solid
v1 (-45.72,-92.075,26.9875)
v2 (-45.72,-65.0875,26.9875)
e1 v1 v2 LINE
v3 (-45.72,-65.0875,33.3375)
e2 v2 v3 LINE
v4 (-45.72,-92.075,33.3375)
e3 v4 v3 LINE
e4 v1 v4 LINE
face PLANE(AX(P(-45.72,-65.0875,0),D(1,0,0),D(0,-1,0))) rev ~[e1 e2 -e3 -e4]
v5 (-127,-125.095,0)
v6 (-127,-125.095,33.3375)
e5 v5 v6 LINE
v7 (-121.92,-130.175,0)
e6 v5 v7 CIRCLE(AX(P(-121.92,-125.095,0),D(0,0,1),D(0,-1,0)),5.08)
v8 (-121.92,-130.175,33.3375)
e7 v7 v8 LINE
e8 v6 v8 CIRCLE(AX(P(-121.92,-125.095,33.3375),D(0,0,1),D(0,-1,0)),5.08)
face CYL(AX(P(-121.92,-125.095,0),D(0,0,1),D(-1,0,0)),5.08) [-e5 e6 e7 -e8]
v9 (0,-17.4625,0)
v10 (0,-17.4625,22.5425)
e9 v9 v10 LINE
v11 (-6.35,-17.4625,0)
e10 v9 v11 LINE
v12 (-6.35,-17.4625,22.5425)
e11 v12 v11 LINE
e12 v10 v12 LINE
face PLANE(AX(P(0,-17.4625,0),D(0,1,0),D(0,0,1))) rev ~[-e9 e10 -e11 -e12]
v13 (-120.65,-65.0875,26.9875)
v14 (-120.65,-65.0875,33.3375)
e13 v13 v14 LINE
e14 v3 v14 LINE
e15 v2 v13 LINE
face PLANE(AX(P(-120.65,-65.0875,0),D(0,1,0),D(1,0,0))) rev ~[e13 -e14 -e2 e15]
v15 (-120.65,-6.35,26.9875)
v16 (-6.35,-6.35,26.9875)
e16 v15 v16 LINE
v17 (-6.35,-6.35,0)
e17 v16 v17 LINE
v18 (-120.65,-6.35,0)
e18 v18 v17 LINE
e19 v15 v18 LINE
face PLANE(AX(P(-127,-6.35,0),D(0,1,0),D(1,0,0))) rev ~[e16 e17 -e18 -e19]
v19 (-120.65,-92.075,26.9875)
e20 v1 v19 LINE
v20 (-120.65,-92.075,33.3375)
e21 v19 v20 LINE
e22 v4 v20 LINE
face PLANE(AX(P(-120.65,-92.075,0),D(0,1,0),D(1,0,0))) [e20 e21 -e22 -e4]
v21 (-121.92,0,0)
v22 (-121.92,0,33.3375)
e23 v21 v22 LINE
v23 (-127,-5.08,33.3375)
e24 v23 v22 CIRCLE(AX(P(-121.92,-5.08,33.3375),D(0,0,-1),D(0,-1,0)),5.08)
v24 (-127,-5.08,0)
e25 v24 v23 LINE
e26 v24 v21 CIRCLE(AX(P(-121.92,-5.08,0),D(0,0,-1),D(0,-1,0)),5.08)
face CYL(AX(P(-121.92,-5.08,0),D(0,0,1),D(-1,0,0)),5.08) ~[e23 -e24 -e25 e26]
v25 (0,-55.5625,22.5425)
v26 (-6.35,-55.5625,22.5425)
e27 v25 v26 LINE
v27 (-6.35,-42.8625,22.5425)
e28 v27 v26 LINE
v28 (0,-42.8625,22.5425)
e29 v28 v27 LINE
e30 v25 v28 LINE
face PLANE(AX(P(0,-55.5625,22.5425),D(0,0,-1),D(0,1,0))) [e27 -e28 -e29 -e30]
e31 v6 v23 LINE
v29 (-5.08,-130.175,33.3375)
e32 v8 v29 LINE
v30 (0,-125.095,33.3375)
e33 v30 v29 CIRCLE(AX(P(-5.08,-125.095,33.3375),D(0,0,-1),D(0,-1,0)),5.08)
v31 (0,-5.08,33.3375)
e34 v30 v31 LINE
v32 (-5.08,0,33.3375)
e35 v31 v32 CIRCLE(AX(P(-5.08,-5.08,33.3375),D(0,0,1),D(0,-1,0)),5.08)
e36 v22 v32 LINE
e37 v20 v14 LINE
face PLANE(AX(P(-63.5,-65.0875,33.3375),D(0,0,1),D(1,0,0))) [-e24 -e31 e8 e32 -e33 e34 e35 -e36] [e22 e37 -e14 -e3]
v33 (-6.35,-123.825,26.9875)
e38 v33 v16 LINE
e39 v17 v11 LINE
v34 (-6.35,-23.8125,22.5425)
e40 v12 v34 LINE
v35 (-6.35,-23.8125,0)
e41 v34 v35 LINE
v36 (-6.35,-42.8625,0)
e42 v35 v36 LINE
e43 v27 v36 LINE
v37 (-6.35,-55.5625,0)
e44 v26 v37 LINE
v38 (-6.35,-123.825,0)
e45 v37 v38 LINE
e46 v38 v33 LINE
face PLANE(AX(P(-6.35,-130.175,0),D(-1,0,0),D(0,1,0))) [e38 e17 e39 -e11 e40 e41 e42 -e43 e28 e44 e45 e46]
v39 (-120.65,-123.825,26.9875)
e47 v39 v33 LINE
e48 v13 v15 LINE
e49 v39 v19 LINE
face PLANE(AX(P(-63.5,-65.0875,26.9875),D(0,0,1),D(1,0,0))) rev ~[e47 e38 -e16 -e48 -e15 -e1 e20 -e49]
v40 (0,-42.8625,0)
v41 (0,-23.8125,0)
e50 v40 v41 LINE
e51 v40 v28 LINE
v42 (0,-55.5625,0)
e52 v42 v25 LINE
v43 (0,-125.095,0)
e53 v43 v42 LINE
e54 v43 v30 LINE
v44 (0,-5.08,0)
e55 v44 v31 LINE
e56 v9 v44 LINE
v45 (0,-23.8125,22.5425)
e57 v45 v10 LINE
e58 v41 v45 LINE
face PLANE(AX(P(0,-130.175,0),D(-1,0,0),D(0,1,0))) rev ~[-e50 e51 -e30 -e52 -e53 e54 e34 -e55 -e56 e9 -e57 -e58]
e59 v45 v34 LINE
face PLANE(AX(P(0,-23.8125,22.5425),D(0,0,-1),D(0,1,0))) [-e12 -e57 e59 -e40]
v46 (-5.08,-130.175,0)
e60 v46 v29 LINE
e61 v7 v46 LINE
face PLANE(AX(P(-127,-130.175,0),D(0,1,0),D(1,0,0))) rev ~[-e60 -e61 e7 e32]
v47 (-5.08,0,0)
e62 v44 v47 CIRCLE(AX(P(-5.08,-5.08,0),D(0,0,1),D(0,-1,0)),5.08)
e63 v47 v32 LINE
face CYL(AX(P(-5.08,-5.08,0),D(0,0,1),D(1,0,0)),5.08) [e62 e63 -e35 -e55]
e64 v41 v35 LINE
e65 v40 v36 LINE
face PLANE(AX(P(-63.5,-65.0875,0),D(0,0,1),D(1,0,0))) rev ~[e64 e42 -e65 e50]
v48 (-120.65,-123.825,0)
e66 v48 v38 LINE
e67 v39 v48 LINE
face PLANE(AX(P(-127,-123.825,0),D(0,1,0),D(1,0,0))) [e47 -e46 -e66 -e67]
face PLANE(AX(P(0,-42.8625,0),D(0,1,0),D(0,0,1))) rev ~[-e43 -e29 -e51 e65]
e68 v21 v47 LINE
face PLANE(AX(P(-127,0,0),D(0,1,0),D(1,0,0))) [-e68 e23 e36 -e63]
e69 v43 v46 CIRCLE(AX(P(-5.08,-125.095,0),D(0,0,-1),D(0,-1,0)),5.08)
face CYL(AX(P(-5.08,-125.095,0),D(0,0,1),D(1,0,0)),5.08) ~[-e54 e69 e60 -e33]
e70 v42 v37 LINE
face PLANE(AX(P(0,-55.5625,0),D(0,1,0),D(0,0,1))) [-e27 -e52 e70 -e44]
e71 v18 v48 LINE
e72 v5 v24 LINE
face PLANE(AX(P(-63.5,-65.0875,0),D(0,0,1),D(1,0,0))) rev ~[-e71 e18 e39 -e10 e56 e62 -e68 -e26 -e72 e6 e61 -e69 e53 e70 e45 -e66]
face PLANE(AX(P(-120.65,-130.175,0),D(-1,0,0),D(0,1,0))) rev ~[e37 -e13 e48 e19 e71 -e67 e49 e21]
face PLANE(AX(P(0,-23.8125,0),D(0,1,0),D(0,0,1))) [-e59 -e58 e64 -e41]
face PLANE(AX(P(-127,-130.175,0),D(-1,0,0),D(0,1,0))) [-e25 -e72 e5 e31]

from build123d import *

# Parameters (mm, degrees)
F0_W     = 127
F0_H     = 130.175
F1_DEPTH = 33.3375
F2_T     = -6.35
F3_W     = 74.93
F3_H     = 26.9875
F4_DEPTH = 35.052
F5_W     = 12.7
F5_H     = 8.6501294995
F5_W_2   = 6.35
F6_DEPTH = 25.4
F7_R     = 5.08
F5_H_2   = 22.5425
F8_DEPTH = 25.4


with BuildPart() as f1:
    # F0 (on Top) → F1 (new body)
    with BuildSketch(Plane.XY):
        with Locations((-63.5, -65.0875)):
            Rectangle(F0_W, F0_H)
    extrude(amount=F1_DEPTH)

    # F2
    f2_openings = [f1.faces().sort_by_distance(p)[0] for p in [
        (-63.5, -65.0875, 0),
    ]]
    offset(amount=F2_T, openings=f2_openings)

    # F3 (on face) → F4 (cut)
    with BuildSketch(Plane(origin=(0, 0, 0), x_dir=(1, 0, 0), z_dir=(0, 0, -1))):
        with Locations((-83.185, 78.58125)):
            Rectangle(F3_W, F3_H)
    extrude(amount=-F4_DEPTH, mode=Mode.SUBTRACT)

    # F5 (on face) → F6 (cut)
    with BuildSketch(Plane.YZ):
        with Locations((-49.2125, -4.3250647498)):
            Rectangle(F5_W, F5_H)
        with Locations((-20.6375, -4.3250647498)):
            Rectangle(F5_W_2, F5_H)
    extrude(amount=-F6_DEPTH, mode=Mode.SUBTRACT)

    # F7
    f7_edges = [f1.edges().sort_by_distance(p)[0] for p in [
        (-127, 0, 16.66875),
        (-127, -130.175, 16.66875),
        (0, -130.175, 16.66875),
        (0, 0, 16.66875),
    ]]
    fillet(f7_edges, radius=F7_R)

    # F5 (on face) → F8 (cut)
    with BuildSketch(Plane.YZ):
        with Locations((-49.2125, 11.27125)):
            Rectangle(F5_W, F5_H_2)
        with Locations((-20.6375, 11.27125)):
            Rectangle(F5_W_2, F5_H_2)
    extrude(amount=-F8_DEPTH, mode=Mode.SUBTRACT)


solid = f1.part
